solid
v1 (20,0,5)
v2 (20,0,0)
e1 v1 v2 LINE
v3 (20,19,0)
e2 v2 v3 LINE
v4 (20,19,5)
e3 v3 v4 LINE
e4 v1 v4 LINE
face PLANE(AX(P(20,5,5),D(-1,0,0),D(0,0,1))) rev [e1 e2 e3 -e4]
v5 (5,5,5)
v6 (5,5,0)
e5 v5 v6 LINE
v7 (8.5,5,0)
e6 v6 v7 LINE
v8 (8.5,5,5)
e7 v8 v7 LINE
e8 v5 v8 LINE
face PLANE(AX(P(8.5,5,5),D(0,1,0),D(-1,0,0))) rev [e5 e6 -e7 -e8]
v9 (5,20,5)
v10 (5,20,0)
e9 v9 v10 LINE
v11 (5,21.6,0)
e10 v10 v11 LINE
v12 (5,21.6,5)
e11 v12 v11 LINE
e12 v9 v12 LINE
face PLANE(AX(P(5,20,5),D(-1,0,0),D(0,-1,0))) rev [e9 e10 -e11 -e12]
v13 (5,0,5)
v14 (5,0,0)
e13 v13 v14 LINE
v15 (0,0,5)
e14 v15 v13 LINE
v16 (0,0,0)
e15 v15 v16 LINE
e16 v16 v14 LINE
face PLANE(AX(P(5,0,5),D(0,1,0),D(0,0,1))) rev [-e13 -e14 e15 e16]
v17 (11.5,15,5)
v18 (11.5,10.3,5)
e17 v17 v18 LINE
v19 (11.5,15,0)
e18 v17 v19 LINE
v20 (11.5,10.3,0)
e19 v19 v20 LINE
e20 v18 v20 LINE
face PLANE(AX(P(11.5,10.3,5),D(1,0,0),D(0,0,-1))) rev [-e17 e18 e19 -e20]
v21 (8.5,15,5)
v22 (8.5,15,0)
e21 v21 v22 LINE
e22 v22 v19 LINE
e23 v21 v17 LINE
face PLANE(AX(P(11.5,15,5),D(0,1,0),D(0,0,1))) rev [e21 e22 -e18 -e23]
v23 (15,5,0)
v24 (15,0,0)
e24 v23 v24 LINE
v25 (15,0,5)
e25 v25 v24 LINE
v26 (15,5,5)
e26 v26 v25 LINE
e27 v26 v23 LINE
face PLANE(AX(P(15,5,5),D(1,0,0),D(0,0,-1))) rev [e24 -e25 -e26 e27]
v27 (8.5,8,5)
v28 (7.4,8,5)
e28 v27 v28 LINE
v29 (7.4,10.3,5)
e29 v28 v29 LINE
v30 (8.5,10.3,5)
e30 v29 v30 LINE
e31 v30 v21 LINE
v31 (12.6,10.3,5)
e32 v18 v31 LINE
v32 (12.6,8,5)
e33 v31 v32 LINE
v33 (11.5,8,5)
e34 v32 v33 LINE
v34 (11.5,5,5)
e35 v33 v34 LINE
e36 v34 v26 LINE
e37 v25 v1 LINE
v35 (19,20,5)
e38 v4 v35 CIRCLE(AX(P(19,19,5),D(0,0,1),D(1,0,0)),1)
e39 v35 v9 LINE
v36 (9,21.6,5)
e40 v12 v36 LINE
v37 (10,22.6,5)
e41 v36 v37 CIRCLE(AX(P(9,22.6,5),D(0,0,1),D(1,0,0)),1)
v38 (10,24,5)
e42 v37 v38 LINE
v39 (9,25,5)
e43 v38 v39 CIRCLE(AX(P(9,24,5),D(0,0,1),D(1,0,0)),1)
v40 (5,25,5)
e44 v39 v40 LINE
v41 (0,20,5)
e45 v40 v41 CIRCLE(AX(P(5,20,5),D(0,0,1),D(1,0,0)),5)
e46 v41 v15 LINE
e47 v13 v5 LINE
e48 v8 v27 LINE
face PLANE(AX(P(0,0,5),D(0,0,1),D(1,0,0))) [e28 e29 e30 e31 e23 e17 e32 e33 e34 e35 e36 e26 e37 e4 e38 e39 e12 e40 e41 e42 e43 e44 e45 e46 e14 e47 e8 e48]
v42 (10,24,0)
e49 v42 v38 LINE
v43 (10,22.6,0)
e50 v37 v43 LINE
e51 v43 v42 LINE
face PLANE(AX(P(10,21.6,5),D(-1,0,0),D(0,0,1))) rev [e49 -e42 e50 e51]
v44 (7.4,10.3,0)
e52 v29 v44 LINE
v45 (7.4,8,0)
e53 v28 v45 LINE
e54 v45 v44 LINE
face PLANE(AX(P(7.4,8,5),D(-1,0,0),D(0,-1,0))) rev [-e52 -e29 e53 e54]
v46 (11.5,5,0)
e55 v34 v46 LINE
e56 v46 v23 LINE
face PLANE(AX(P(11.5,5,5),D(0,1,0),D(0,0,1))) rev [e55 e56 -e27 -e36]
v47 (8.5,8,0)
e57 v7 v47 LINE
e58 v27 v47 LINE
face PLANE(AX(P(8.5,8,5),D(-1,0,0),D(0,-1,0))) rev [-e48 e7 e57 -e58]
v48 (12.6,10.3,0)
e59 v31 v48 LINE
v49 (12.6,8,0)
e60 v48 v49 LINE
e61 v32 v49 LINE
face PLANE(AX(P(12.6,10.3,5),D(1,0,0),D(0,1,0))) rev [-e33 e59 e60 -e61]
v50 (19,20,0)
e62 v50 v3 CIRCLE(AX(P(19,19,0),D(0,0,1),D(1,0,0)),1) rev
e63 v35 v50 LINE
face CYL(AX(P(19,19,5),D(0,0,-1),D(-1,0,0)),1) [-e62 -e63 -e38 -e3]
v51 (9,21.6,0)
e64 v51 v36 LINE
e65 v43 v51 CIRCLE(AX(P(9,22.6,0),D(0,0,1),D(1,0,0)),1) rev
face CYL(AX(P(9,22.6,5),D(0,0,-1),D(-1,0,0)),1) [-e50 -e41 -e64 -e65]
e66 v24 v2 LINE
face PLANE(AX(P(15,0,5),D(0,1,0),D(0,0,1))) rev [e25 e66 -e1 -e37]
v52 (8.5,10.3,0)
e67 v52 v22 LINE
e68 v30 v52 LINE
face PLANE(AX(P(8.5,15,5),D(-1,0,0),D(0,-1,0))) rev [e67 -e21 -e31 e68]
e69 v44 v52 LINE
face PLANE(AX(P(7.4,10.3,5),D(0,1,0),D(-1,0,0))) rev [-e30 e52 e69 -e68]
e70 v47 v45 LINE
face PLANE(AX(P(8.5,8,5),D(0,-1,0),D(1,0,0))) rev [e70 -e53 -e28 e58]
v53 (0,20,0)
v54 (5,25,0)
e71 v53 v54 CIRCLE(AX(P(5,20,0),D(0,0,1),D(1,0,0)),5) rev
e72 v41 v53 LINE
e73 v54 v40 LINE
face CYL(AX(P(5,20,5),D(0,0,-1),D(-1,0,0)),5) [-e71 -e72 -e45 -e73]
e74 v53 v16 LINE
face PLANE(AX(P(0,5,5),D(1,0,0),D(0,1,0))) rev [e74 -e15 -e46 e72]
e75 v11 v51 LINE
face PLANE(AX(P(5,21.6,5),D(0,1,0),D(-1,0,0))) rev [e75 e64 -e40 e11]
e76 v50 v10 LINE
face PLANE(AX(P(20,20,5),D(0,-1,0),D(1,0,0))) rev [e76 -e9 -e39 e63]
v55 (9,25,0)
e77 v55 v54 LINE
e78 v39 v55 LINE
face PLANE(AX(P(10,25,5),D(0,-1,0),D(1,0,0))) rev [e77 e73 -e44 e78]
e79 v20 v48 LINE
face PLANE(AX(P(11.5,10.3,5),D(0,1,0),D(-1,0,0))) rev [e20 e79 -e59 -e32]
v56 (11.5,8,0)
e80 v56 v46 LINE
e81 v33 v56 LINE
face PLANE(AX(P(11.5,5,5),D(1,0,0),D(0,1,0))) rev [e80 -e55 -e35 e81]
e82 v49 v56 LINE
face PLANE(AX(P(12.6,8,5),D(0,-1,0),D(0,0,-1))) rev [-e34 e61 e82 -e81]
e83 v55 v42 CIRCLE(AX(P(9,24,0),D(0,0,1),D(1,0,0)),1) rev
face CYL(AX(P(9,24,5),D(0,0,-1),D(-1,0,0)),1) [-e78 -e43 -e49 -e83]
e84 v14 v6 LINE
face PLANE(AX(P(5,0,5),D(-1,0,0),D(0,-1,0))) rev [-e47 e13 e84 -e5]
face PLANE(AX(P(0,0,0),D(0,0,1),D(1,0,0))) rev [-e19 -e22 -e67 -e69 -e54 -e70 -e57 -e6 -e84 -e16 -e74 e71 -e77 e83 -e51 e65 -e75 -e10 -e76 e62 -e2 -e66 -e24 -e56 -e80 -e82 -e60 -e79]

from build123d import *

# Parameters (mm, degrees)
BOSS_EXTRUDE1_DEPTH = 5
FILLET1_R           = 5
FILLET3_R           = 1
FILLET4_R           = 1


with BuildPart() as part:
    # Sketch1 → Boss-Extrude1 (new body)
    with BuildSketch(Plane.XY):
        Polygon((0, 5), (0, 19.982808697), (0, 25), (10, 25), (10, 21.6), (5, 21.6), (5, 20), (20, 20), (20, 5), (20, 0), (15, 0), (15, 5), (11.5, 5), (11.5, 8), (12.6, 8), (12.6, 10.3), (11.5, 10.3), (11.5, 15), (8.5, 15), (8.5, 10.3), (7.4, 10.3), (7.4, 8), (8.5, 8), (8.5, 5), (5, 5), (5, 0), (0, 0), align=None)
    extrude(amount=BOSS_EXTRUDE1_DEPTH)

    # Fillet1
    fillet1_edges = [part.edges().sort_by_distance(p)[0] for p in [
        (0, 25, 2.5),
    ]]
    fillet(fillet1_edges, radius=FILLET1_R)

    # Fillet3
    fillet3_edges = [part.edges().sort_by_distance(p)[0] for p in [
        (10, 21.6, 2.5),
        (20, 20, 2.5),
    ]]
    fillet(fillet3_edges, radius=FILLET3_R)

    # Fillet4
    fillet4_edges = [part.edges().sort_by_distance(p)[0] for p in [
        (10, 25, 2.5),
    ]]
    fillet(fillet4_edges, radius=FILLET4_R)


solid = part.part
